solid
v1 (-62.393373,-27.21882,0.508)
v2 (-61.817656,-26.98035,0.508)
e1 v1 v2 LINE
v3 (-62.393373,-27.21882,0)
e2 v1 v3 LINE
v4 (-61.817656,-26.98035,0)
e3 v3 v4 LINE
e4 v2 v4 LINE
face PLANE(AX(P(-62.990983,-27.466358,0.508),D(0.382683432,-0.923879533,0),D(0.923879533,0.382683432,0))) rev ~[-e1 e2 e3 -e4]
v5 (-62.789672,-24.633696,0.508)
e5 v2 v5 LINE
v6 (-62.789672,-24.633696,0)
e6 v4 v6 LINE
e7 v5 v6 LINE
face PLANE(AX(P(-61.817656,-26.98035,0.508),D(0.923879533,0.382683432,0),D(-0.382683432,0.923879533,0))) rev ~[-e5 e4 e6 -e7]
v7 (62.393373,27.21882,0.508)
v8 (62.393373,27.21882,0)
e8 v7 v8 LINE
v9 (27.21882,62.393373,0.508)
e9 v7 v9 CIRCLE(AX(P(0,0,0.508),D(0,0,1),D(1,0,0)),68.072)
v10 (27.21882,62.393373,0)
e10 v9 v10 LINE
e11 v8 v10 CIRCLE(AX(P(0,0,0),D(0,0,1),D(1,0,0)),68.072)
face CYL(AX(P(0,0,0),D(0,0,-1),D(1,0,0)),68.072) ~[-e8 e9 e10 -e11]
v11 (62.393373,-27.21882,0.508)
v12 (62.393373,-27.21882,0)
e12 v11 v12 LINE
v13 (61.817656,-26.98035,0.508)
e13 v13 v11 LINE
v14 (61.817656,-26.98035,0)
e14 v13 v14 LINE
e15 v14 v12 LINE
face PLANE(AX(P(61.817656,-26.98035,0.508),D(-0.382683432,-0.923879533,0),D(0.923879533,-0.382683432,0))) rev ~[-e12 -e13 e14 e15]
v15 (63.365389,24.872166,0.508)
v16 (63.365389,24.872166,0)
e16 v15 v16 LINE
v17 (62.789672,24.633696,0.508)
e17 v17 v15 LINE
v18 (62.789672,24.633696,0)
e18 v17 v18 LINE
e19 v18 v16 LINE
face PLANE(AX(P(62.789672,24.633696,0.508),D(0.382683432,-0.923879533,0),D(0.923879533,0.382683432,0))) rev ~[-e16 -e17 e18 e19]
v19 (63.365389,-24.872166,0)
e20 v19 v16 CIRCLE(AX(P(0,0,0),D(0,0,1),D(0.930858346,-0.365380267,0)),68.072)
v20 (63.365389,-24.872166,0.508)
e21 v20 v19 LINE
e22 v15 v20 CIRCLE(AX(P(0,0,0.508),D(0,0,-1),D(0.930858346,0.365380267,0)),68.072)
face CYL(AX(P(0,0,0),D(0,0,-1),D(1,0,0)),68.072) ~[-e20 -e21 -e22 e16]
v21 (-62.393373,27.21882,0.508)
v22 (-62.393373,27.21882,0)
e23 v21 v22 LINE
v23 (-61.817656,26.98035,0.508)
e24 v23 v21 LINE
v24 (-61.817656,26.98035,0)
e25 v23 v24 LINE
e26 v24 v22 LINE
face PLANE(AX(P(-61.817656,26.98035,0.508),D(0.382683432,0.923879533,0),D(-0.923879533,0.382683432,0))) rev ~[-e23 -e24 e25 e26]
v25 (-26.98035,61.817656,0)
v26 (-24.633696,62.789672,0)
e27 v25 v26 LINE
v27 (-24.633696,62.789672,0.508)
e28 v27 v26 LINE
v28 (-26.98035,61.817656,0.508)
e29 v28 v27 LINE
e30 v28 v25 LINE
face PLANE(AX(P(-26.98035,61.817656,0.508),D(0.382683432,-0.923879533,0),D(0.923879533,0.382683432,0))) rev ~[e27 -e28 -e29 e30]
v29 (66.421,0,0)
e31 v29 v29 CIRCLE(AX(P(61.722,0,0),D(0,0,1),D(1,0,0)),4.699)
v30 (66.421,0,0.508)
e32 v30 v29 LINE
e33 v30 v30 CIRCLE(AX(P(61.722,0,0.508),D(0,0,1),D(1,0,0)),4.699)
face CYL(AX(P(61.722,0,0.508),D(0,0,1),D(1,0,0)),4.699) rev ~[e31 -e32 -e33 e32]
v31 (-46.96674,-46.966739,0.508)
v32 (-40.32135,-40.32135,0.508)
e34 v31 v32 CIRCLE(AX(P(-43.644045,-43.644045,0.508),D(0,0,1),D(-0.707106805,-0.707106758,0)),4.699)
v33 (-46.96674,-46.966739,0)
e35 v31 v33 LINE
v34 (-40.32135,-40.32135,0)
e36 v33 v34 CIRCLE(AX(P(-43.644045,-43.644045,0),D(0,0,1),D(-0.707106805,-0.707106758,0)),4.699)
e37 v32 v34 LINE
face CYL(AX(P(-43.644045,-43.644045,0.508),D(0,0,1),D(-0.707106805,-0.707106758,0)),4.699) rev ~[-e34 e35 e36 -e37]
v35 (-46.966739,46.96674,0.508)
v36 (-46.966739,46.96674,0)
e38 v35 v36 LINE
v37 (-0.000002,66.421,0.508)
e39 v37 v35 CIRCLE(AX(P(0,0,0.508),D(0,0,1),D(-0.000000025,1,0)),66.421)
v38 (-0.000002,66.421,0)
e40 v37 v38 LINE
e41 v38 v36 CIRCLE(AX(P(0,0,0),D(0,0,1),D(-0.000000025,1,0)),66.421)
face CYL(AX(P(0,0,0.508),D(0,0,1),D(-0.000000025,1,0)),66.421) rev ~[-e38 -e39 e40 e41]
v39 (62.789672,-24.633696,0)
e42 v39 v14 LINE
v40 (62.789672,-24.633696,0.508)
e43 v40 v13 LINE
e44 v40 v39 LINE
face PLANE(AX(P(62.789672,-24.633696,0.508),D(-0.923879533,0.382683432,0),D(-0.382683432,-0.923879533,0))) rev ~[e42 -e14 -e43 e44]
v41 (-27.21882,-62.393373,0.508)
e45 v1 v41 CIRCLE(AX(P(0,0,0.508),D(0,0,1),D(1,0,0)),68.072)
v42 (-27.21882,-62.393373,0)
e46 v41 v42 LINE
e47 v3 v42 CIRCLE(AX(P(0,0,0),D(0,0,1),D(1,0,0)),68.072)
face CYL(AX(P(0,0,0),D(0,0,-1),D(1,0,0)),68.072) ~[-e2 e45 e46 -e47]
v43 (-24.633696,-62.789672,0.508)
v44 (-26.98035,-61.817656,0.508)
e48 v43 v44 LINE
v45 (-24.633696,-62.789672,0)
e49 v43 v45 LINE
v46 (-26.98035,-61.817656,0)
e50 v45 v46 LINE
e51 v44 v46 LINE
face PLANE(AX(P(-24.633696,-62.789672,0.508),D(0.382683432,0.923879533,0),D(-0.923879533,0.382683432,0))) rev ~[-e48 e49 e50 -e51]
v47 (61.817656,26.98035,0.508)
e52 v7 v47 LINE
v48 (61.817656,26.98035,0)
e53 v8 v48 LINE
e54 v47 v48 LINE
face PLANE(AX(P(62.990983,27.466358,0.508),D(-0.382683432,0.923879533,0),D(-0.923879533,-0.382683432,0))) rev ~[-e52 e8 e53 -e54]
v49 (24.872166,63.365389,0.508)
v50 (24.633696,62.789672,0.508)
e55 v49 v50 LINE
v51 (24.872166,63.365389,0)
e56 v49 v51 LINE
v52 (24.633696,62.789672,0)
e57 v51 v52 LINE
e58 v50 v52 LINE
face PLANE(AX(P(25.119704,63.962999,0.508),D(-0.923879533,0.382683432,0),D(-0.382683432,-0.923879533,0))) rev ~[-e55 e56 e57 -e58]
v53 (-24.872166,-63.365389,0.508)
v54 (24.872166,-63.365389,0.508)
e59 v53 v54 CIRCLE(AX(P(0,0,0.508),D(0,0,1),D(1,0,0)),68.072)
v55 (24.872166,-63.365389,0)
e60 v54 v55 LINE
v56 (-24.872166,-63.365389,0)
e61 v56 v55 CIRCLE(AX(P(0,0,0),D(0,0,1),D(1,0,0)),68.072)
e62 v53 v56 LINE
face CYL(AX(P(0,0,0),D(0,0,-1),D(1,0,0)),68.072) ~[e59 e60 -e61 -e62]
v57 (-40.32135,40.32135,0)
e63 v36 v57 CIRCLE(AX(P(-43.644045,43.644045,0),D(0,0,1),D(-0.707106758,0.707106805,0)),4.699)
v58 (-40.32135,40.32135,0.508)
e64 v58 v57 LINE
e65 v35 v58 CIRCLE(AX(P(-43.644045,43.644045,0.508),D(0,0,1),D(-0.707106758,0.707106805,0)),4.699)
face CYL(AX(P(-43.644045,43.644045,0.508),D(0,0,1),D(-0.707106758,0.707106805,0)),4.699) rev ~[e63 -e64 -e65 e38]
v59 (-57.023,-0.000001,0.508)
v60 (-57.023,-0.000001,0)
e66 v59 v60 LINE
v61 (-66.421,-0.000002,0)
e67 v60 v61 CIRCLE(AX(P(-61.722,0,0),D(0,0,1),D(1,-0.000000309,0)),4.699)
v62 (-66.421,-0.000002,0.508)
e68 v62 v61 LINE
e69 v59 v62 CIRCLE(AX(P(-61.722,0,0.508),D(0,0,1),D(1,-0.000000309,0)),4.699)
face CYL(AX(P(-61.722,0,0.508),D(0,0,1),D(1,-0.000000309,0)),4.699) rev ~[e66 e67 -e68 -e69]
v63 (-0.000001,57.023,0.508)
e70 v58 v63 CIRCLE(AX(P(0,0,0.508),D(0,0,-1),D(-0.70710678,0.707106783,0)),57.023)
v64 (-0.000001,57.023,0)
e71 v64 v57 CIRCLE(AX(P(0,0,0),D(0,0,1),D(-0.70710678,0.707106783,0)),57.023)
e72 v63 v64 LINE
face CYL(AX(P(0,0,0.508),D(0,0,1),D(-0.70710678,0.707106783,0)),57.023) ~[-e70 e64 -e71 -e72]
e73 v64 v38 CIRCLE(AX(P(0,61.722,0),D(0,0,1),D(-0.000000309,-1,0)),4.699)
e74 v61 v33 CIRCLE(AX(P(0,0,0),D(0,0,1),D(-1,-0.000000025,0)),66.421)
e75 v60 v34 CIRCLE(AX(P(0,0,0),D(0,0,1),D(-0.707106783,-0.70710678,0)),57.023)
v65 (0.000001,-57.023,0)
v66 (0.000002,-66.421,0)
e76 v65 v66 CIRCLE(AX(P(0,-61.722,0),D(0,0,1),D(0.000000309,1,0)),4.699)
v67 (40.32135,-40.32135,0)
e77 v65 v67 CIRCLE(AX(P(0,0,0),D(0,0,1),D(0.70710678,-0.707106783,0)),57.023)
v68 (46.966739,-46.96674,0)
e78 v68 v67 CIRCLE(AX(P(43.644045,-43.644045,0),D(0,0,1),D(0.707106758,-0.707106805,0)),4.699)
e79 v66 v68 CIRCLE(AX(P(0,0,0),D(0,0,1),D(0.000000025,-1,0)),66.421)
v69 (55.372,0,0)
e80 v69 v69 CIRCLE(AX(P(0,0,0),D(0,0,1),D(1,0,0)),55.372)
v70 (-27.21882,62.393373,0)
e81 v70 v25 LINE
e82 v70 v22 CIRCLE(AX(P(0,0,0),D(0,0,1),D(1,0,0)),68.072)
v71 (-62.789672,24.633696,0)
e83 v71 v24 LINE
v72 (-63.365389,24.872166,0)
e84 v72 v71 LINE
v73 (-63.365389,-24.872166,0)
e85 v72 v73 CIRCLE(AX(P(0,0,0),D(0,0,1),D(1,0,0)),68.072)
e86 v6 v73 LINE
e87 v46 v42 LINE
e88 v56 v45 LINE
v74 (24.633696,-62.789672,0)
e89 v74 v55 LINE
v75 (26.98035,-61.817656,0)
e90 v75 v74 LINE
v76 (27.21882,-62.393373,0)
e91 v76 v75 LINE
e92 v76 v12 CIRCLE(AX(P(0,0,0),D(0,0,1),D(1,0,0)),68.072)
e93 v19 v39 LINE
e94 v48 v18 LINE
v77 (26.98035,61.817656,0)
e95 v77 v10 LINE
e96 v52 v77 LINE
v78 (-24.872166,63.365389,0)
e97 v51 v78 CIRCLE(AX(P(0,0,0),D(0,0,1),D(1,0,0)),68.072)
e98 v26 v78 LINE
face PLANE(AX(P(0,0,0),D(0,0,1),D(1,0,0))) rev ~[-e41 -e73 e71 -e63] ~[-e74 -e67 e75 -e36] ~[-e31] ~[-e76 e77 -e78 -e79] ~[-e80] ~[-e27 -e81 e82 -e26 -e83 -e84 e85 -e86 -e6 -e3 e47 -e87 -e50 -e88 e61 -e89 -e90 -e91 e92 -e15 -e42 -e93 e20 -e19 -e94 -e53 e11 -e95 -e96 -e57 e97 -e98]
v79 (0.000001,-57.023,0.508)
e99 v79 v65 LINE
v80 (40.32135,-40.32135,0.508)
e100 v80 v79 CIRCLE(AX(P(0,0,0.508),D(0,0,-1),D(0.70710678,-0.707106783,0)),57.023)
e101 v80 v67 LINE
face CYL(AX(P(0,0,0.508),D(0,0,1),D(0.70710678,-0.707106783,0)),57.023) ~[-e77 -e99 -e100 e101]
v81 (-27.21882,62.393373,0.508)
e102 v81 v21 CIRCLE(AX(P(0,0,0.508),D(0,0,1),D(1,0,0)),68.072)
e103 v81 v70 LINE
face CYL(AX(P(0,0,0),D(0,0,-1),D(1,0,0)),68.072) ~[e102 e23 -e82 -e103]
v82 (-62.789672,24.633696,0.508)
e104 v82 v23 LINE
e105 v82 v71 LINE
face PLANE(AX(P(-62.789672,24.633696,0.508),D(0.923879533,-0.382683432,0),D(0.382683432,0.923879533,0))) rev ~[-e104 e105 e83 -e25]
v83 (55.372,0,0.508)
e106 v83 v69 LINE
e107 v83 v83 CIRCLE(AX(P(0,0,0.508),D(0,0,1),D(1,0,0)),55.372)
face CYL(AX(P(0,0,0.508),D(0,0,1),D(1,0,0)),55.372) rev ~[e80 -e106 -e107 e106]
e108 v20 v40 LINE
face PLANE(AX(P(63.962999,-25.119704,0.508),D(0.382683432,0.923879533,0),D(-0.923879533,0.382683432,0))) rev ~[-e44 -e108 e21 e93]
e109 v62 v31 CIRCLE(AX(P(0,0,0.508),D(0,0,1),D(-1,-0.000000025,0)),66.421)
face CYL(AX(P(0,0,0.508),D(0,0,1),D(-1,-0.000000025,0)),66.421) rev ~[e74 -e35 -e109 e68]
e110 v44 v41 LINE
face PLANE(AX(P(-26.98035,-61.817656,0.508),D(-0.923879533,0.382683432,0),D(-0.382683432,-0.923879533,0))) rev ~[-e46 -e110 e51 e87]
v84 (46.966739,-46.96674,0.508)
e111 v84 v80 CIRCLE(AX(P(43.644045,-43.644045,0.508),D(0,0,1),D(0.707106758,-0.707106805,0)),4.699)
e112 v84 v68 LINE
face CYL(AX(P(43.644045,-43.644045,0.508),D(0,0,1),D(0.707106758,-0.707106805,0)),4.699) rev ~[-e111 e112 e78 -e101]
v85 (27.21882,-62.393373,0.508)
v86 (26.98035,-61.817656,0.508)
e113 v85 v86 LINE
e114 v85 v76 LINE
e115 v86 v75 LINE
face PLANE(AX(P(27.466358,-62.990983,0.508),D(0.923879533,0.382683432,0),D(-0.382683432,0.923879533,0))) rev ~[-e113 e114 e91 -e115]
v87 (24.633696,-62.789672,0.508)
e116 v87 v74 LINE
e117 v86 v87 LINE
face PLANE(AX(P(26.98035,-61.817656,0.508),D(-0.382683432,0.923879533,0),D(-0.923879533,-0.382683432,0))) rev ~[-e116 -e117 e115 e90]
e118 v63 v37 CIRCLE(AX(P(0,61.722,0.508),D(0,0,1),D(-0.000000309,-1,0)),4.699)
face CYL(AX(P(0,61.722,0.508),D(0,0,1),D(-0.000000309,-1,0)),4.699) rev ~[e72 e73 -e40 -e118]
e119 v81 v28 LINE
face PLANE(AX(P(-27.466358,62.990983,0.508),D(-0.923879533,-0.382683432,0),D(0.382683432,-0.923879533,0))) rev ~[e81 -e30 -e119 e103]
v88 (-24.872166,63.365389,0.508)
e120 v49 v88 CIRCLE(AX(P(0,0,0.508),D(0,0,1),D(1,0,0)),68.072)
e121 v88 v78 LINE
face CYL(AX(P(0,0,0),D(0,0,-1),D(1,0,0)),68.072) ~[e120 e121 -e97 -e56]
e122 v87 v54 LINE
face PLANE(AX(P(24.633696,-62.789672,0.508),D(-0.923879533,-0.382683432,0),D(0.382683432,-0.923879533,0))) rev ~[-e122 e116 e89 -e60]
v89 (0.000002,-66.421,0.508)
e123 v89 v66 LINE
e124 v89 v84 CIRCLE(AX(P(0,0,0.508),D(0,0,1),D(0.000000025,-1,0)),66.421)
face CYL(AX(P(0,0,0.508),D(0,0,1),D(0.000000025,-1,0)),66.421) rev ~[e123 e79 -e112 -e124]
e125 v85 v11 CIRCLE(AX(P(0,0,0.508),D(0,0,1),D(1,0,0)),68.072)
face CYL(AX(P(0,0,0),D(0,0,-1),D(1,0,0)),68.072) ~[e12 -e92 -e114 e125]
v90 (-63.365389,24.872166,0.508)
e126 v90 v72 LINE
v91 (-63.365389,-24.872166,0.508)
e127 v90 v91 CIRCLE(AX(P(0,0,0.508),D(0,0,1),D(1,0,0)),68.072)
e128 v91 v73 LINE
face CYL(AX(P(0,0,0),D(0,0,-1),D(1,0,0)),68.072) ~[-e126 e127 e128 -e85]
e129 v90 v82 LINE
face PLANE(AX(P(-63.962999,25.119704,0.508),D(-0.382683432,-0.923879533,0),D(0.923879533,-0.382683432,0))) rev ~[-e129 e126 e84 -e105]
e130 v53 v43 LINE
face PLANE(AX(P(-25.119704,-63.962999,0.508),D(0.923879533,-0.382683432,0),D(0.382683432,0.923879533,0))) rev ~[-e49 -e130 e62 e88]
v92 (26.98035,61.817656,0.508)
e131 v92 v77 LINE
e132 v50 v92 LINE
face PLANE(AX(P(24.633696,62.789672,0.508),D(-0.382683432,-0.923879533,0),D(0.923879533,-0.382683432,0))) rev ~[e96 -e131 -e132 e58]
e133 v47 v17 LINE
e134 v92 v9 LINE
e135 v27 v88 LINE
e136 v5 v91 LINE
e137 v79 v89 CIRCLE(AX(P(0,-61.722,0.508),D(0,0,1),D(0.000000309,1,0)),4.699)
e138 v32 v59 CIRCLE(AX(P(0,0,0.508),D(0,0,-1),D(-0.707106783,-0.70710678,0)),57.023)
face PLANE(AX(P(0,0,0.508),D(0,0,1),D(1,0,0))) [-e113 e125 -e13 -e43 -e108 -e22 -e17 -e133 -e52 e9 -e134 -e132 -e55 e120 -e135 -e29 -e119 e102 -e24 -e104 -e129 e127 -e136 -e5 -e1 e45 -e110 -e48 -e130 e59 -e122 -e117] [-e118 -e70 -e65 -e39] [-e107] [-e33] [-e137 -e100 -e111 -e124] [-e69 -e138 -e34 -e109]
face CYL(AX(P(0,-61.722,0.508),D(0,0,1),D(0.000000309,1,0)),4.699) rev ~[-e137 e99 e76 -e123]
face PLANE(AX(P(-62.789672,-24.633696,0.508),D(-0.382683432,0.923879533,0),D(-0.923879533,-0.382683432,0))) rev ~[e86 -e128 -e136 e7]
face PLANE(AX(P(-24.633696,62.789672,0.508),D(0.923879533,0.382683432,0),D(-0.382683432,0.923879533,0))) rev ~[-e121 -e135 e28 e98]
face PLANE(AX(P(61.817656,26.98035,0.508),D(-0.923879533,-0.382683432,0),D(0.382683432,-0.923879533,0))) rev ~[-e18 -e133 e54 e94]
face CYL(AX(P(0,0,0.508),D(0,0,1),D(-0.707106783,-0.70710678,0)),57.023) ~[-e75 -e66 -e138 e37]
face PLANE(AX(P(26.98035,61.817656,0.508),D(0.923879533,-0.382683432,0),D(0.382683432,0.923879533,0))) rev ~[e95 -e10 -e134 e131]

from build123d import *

# Parameters (mm, degrees)
SKETCH4_R           = 68.072
BOSS_EXTRUDE2_DEPTH = 0.508
SKETCH5_R           = 55.372
CUT_EXTRUDE5_DEPTH  = 1.508
SKETCH6_R           = 4.699
CUT_EXTRUDE6_DEPTH  = 1.508
CUT_EXTRUDE11_DEPTH = 1.508


with BuildPart() as part:
    # Sketch4 → Boss-Extrude2 (new body)
    with BuildSketch(Plane.XY):
        Circle(SKETCH4_R)
    extrude(amount=BOSS_EXTRUDE2_DEPTH)

    # Sketch5 → Cut-Extrude5 (cut, through all)
    with BuildSketch(Plane.XY.offset(0.508)):
        Circle(SKETCH5_R)
    extrude(amount=-CUT_EXTRUDE5_DEPTH, mode=Mode.SUBTRACT)

    # Sketch6 → Cut-Extrude6 (cut, through all)
    with BuildSketch(Plane.XY.offset(0.508)):
        with Locations((61.722, 0)):
            Circle(SKETCH6_R)
        with BuildLine():
            ThreePointArc((46.966739403, -46.966739623), (46.966739521, -40.321349991), (40.321349889, -40.321350078))
            ThreePointArc((40.321349889, -40.321350078), (21.821757973, -52.68238233), (1.451e-06, -57.023))
            ThreePointArc((1.451e-06, -57.023), (-4.699, -61.72200012), (1.691e-06, -66.421))
            ThreePointArc((1.691e-06, -66.421), (25.41821697, -61.365002135), (46.966739403, -46.966739623))
        make_face()
        with BuildLine():
            ThreePointArc((-46.966739623, -46.966739403), (-40.321349991, -46.966739521), (-40.321350078, -40.321349889))
            ThreePointArc((-40.321350078, -40.321349889), (-52.68238233, -21.821757973), (-57.023, -1.451e-06))
            ThreePointArc((-57.023, -1.451e-06), (-61.72200012, 4.699), (-66.421, -1.69e-06))
            ThreePointArc((-66.421, -1.69e-06), (-61.365002135, -25.41821697), (-46.966739623, -46.966739403))
        make_face()
        with BuildLine():
            ThreePointArc((-46.966739403, 46.966739623), (-46.966739521, 40.321349991), (-40.321349889, 40.321350078))
            ThreePointArc((-40.321349889, 40.321350078), (-21.821757973, 52.68238233), (-1.451e-06, 57.023))
            ThreePointArc((-1.451e-06, 57.023), (4.699, 61.72200012), (-1.69e-06, 66.421))
            ThreePointArc((-1.69e-06, 66.421), (-25.41821697, 61.365002135), (-46.966739403, 46.966739623))
        make_face()
    extrude(amount=-CUT_EXTRUDE6_DEPTH, mode=Mode.SUBTRACT)

    # Sketch8 → Cut-Extrude11 (cut, through all)
    with BuildSketch(Plane.XY.offset(0.508)):
        Polygon((63.962998999, 25.119703581), (62.990983081, 27.466357594), (61.817656075, 26.980349635), (62.789671993, 24.633695622), align=None)
        Polygon((-25.119703581, 63.962998999), (-27.466357594, 62.990983081), (-26.980349635, 61.817656075), (-24.633695622, 62.789671993), align=None)
        Polygon((-62.990983081, 27.466357594), (-63.962998999, 25.119703581), (-62.789671993, 24.633695622), (-61.817656075, 26.980349635), align=None)
        Polygon((-63.962998999, -25.119703581), (-62.990983081, -27.466357594), (-61.817656075, -26.980349635), (-62.789671993, -24.633695622), align=None)
        Polygon((-27.466357594, -62.990983081), (-25.119703581, -63.962998999), (-24.633695622, -62.789671993), (-26.980349635, -61.817656075), align=None)
        Polygon((25.119703581, -63.962998999), (27.466357594, -62.990983081), (26.980349635, -61.817656075), (24.633695622, -62.789671993), align=None)
        Polygon((62.990983081, -27.466357594), (63.962998999, -25.119703581), (62.789671993, -24.633695622), (61.817656075, -26.980349635), align=None)
        Polygon((27.466357594, 62.990983081), (25.119703581, 63.962998999), (24.633695622, 62.789671993), (26.980349635, 61.817656075), align=None)
    extrude(amount=-CUT_EXTRUDE11_DEPTH, mode=Mode.SUBTRACT)


solid = part.part
